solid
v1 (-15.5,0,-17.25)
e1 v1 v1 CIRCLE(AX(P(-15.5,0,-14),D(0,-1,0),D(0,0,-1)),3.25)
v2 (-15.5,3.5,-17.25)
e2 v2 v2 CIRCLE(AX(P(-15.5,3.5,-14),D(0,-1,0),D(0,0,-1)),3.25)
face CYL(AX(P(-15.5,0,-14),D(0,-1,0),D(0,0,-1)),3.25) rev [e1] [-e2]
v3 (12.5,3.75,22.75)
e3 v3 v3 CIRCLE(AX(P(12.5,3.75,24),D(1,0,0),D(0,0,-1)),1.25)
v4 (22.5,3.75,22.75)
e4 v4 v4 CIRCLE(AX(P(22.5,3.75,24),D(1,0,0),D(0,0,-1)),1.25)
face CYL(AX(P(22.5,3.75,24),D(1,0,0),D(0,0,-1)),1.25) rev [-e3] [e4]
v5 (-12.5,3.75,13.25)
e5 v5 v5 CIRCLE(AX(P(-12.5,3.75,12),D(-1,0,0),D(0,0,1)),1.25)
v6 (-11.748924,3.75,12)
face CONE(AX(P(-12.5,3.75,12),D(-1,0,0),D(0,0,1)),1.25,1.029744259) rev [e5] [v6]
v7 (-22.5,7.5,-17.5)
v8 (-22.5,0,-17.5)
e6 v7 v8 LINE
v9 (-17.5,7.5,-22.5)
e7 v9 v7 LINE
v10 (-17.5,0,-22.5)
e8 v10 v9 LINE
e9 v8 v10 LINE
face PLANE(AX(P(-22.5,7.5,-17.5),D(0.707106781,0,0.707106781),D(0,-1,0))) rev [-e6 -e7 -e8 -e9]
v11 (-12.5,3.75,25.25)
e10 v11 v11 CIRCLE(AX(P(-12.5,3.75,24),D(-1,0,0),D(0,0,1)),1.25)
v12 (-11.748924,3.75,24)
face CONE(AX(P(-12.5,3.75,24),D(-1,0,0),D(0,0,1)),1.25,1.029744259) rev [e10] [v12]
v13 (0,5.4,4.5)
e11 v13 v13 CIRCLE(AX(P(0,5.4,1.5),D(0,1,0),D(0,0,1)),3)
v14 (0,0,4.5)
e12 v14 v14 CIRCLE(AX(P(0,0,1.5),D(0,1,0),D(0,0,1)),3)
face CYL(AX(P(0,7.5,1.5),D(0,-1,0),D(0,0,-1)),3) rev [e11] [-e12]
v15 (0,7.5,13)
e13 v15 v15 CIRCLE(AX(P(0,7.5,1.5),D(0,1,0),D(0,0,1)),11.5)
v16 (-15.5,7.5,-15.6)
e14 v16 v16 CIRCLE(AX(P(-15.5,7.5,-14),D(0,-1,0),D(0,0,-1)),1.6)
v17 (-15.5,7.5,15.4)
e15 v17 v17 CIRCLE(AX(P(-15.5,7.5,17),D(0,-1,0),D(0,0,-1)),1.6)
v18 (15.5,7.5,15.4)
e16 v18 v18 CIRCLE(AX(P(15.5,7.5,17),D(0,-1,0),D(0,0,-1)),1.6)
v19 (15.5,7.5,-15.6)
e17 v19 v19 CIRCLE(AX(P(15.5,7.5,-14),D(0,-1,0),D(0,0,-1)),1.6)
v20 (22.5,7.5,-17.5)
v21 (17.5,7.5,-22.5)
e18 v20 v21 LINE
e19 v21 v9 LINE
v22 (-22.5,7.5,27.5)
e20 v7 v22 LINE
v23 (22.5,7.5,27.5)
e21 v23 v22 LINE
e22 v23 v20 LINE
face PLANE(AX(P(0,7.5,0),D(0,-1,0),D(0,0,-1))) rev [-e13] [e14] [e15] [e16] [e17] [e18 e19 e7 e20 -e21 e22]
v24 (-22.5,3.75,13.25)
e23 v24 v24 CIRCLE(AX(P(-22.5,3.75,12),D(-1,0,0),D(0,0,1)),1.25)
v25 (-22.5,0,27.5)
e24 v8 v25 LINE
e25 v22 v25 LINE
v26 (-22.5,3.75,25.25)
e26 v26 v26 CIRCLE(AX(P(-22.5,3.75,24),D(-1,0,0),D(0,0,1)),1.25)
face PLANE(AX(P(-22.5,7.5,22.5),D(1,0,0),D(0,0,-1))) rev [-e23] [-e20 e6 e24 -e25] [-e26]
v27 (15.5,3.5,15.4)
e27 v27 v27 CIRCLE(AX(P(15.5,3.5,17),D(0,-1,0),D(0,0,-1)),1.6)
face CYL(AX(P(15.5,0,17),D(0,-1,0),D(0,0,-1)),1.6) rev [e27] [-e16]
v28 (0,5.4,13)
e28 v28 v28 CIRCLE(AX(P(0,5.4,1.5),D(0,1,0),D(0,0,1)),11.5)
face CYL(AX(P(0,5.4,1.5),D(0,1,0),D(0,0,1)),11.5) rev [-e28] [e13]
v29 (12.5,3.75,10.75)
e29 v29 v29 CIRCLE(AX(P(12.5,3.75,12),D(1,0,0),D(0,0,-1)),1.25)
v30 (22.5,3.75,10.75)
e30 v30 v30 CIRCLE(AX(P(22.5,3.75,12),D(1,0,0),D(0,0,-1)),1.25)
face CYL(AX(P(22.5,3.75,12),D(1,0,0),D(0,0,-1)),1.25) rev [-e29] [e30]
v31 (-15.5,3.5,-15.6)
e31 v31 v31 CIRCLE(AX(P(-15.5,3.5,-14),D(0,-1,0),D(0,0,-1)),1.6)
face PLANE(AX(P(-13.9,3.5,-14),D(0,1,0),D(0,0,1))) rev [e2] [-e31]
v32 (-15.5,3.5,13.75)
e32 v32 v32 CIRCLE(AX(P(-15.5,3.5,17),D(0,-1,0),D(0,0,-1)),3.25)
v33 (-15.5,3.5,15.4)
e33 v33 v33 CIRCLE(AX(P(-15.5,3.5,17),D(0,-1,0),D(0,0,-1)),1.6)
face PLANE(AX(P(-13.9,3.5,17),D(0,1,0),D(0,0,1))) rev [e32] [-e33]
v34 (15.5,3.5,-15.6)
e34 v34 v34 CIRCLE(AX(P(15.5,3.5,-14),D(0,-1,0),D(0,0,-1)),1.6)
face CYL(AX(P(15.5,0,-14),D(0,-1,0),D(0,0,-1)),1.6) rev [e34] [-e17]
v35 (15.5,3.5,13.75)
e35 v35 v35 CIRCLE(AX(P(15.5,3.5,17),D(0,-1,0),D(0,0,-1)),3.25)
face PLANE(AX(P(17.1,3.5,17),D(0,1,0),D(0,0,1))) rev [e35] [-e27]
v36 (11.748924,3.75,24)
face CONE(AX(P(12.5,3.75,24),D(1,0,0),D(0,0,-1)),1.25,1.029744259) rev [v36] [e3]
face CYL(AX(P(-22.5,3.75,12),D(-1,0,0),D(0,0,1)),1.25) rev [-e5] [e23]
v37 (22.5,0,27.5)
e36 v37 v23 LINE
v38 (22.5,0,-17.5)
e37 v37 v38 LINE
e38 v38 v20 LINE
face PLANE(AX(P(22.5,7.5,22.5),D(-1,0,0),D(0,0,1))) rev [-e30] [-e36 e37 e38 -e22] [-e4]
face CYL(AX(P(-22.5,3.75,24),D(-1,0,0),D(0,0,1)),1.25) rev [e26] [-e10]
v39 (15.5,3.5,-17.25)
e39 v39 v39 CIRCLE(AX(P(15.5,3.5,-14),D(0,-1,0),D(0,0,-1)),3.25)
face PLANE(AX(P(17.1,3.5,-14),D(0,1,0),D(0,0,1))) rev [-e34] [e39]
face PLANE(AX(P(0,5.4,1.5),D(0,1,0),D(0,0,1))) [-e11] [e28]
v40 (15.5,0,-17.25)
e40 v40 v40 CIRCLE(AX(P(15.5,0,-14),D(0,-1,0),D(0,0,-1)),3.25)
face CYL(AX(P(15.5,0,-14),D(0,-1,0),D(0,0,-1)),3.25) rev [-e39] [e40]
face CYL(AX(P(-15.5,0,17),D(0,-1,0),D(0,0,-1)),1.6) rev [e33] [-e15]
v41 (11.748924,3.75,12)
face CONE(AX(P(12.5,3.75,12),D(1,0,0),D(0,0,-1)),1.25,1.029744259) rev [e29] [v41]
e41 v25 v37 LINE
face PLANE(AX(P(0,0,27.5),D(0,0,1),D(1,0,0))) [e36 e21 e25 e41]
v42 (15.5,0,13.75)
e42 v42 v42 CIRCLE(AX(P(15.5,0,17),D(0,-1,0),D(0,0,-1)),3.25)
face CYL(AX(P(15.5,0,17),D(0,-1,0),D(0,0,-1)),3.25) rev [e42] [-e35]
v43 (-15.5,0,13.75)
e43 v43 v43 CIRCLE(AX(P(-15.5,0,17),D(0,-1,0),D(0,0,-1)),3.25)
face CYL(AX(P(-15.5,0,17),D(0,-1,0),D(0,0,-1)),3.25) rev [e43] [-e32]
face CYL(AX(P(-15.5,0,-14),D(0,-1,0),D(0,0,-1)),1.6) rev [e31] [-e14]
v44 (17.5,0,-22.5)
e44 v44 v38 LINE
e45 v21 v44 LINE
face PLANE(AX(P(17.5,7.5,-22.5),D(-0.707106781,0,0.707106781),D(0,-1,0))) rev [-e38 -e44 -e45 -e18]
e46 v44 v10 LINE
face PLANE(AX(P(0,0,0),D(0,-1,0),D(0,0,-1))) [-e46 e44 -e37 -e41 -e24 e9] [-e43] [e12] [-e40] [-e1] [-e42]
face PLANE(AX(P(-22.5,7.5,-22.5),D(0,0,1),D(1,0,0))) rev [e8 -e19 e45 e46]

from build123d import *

# Parameters (mm, degrees)
SKETCH3_W                                           = 45
SKETCH3_H                                           = 45
SKETCH3_R                                           = 3
BOSS_EXTRUDE2_DEPTH                                 = 7.5
SKETCH5_R                                           = 11.5
CUT_EXTRUDE1_DEPTH                                  = 2.1
CHAMFER1_SIZE                                       = 5
CBORE_FOR_M3_HEX_SOCKET_HEAD_CAP_SCREW1_D           = 3.2
CBORE_FOR_M3_HEX_SOCKET_HEAD_CAP_SCREW1_DEPTH       = 7.5
CBORE_FOR_M3_HEX_SOCKET_HEAD_CAP_SCREW1_CBORE_D     = 6.5
CBORE_FOR_M3_HEX_SOCKET_HEAD_CAP_SCREW1_CBORE_DEPTH = 3.5
SKETCH10_W                                          = 45
SKETCH10_H                                          = 7.5
BOSS_EXTRUDE3_DEPTH                                 = 5
M3_TAPPED_HOLE2_AT_2_COUNT                          = 2
M3_TAPPED_HOLE2_AT_2_PITCH                          = 12


with BuildPart() as part:
    # Sketch3 → Boss-Extrude2 (new body)
    with BuildSketch(Plane(origin=(0, 0, 0), x_dir=(1, 0, 0), z_dir=(0, 1, 0))):
        Rectangle(SKETCH3_W, SKETCH3_H)
        with Locations((0, -1.5)):
            Circle(SKETCH3_R, mode=Mode.SUBTRACT)
    extrude(amount=BOSS_EXTRUDE2_DEPTH)

    # Sketch5 → Cut-Extrude1 (cut)
    with BuildSketch(Plane(origin=(0, 7.5, 0), x_dir=(1, 0, 0), z_dir=(0, 1, 0))):
        with Locations((0, -1.5)):
            Circle(SKETCH5_R)
    extrude(amount=-CUT_EXTRUDE1_DEPTH, mode=Mode.SUBTRACT)

    # Chamfer1
    chamfer1_edges = [part.edges().sort_by_distance(p)[0] for p in [
        (-22.5, 3.75, -22.5),
        (22.5, 3.75, -22.5),
    ]]
    chamfer(chamfer1_edges, length=CHAMFER1_SIZE)

    # CBORE for M3 Hex Socket Head Cap Screw1
    with Locations(Plane(origin=(0, 0, 0), x_dir=(-1, 0, 0), z_dir=(0, -1, 0))):
        with Locations((15.5, 14), (-15.5, -17), (-15.5, 14), (15.5, -17)):
            CounterBoreHole(CBORE_FOR_M3_HEX_SOCKET_HEAD_CAP_SCREW1_D / 2, CBORE_FOR_M3_HEX_SOCKET_HEAD_CAP_SCREW1_CBORE_D / 2, CBORE_FOR_M3_HEX_SOCKET_HEAD_CAP_SCREW1_CBORE_DEPTH, depth=CBORE_FOR_M3_HEX_SOCKET_HEAD_CAP_SCREW1_DEPTH)

    # Sketch10 → Boss-Extrude3 (add)
    with BuildSketch(Plane.XY.offset(22.5)):
        with Locations((0, 3.75)):
            Rectangle(SKETCH10_W, SKETCH10_H)
    extrude(amount=BOSS_EXTRUDE3_DEPTH)

    # Sketch14 → M3 Tapped Hole2 (revolve, cut)
    with BuildSketch(Plane(origin=(-22.5, 3.75, 24), x_dir=(0, 0, 1), z_dir=(0, 1, 0))):
        Polygon((0, 0), (0, 10.751075774), (1.25, 10), (1.25, 0), align=None)
    m3_tapped_hole2 = revolve(axis=Axis((-28.85, 3.75, 24), (1, 0, 0)), mode=Mode.SUBTRACT)

    # M3 Tapped Hole2 at 2: M3 Tapped Hole2 ×2
    with Locations(*[(0, 0, -i * M3_TAPPED_HOLE2_AT_2_PITCH) for i in range(1, M3_TAPPED_HOLE2_AT_2_COUNT)]):
        add(m3_tapped_hole2, mode=Mode.SUBTRACT)

    # Mirror1: M3 Tapped Hole2 across plane
    add(m3_tapped_hole2.mirror(Plane(origin=(0, 0, 0), x_dir=(0, 0, 1), z_dir=(1, 0, 0))), mode=Mode.SUBTRACT)

    # Mirror1 copy 1 sketch → Mirror1 copy 1 (revolve, cut)
    with BuildSketch(Plane(origin=(22.5, 3.75, 12), x_dir=(0, 0, 1), z_dir=(0, 1, 0))):
        Polygon((0, 0), (0, -10.751075774), (1.25, -10), (1.25, 0), align=None)
    revolve(axis=Axis((28.85, 3.75, 12), (1, 0, 0)), mode=Mode.SUBTRACT)


solid = part.part
